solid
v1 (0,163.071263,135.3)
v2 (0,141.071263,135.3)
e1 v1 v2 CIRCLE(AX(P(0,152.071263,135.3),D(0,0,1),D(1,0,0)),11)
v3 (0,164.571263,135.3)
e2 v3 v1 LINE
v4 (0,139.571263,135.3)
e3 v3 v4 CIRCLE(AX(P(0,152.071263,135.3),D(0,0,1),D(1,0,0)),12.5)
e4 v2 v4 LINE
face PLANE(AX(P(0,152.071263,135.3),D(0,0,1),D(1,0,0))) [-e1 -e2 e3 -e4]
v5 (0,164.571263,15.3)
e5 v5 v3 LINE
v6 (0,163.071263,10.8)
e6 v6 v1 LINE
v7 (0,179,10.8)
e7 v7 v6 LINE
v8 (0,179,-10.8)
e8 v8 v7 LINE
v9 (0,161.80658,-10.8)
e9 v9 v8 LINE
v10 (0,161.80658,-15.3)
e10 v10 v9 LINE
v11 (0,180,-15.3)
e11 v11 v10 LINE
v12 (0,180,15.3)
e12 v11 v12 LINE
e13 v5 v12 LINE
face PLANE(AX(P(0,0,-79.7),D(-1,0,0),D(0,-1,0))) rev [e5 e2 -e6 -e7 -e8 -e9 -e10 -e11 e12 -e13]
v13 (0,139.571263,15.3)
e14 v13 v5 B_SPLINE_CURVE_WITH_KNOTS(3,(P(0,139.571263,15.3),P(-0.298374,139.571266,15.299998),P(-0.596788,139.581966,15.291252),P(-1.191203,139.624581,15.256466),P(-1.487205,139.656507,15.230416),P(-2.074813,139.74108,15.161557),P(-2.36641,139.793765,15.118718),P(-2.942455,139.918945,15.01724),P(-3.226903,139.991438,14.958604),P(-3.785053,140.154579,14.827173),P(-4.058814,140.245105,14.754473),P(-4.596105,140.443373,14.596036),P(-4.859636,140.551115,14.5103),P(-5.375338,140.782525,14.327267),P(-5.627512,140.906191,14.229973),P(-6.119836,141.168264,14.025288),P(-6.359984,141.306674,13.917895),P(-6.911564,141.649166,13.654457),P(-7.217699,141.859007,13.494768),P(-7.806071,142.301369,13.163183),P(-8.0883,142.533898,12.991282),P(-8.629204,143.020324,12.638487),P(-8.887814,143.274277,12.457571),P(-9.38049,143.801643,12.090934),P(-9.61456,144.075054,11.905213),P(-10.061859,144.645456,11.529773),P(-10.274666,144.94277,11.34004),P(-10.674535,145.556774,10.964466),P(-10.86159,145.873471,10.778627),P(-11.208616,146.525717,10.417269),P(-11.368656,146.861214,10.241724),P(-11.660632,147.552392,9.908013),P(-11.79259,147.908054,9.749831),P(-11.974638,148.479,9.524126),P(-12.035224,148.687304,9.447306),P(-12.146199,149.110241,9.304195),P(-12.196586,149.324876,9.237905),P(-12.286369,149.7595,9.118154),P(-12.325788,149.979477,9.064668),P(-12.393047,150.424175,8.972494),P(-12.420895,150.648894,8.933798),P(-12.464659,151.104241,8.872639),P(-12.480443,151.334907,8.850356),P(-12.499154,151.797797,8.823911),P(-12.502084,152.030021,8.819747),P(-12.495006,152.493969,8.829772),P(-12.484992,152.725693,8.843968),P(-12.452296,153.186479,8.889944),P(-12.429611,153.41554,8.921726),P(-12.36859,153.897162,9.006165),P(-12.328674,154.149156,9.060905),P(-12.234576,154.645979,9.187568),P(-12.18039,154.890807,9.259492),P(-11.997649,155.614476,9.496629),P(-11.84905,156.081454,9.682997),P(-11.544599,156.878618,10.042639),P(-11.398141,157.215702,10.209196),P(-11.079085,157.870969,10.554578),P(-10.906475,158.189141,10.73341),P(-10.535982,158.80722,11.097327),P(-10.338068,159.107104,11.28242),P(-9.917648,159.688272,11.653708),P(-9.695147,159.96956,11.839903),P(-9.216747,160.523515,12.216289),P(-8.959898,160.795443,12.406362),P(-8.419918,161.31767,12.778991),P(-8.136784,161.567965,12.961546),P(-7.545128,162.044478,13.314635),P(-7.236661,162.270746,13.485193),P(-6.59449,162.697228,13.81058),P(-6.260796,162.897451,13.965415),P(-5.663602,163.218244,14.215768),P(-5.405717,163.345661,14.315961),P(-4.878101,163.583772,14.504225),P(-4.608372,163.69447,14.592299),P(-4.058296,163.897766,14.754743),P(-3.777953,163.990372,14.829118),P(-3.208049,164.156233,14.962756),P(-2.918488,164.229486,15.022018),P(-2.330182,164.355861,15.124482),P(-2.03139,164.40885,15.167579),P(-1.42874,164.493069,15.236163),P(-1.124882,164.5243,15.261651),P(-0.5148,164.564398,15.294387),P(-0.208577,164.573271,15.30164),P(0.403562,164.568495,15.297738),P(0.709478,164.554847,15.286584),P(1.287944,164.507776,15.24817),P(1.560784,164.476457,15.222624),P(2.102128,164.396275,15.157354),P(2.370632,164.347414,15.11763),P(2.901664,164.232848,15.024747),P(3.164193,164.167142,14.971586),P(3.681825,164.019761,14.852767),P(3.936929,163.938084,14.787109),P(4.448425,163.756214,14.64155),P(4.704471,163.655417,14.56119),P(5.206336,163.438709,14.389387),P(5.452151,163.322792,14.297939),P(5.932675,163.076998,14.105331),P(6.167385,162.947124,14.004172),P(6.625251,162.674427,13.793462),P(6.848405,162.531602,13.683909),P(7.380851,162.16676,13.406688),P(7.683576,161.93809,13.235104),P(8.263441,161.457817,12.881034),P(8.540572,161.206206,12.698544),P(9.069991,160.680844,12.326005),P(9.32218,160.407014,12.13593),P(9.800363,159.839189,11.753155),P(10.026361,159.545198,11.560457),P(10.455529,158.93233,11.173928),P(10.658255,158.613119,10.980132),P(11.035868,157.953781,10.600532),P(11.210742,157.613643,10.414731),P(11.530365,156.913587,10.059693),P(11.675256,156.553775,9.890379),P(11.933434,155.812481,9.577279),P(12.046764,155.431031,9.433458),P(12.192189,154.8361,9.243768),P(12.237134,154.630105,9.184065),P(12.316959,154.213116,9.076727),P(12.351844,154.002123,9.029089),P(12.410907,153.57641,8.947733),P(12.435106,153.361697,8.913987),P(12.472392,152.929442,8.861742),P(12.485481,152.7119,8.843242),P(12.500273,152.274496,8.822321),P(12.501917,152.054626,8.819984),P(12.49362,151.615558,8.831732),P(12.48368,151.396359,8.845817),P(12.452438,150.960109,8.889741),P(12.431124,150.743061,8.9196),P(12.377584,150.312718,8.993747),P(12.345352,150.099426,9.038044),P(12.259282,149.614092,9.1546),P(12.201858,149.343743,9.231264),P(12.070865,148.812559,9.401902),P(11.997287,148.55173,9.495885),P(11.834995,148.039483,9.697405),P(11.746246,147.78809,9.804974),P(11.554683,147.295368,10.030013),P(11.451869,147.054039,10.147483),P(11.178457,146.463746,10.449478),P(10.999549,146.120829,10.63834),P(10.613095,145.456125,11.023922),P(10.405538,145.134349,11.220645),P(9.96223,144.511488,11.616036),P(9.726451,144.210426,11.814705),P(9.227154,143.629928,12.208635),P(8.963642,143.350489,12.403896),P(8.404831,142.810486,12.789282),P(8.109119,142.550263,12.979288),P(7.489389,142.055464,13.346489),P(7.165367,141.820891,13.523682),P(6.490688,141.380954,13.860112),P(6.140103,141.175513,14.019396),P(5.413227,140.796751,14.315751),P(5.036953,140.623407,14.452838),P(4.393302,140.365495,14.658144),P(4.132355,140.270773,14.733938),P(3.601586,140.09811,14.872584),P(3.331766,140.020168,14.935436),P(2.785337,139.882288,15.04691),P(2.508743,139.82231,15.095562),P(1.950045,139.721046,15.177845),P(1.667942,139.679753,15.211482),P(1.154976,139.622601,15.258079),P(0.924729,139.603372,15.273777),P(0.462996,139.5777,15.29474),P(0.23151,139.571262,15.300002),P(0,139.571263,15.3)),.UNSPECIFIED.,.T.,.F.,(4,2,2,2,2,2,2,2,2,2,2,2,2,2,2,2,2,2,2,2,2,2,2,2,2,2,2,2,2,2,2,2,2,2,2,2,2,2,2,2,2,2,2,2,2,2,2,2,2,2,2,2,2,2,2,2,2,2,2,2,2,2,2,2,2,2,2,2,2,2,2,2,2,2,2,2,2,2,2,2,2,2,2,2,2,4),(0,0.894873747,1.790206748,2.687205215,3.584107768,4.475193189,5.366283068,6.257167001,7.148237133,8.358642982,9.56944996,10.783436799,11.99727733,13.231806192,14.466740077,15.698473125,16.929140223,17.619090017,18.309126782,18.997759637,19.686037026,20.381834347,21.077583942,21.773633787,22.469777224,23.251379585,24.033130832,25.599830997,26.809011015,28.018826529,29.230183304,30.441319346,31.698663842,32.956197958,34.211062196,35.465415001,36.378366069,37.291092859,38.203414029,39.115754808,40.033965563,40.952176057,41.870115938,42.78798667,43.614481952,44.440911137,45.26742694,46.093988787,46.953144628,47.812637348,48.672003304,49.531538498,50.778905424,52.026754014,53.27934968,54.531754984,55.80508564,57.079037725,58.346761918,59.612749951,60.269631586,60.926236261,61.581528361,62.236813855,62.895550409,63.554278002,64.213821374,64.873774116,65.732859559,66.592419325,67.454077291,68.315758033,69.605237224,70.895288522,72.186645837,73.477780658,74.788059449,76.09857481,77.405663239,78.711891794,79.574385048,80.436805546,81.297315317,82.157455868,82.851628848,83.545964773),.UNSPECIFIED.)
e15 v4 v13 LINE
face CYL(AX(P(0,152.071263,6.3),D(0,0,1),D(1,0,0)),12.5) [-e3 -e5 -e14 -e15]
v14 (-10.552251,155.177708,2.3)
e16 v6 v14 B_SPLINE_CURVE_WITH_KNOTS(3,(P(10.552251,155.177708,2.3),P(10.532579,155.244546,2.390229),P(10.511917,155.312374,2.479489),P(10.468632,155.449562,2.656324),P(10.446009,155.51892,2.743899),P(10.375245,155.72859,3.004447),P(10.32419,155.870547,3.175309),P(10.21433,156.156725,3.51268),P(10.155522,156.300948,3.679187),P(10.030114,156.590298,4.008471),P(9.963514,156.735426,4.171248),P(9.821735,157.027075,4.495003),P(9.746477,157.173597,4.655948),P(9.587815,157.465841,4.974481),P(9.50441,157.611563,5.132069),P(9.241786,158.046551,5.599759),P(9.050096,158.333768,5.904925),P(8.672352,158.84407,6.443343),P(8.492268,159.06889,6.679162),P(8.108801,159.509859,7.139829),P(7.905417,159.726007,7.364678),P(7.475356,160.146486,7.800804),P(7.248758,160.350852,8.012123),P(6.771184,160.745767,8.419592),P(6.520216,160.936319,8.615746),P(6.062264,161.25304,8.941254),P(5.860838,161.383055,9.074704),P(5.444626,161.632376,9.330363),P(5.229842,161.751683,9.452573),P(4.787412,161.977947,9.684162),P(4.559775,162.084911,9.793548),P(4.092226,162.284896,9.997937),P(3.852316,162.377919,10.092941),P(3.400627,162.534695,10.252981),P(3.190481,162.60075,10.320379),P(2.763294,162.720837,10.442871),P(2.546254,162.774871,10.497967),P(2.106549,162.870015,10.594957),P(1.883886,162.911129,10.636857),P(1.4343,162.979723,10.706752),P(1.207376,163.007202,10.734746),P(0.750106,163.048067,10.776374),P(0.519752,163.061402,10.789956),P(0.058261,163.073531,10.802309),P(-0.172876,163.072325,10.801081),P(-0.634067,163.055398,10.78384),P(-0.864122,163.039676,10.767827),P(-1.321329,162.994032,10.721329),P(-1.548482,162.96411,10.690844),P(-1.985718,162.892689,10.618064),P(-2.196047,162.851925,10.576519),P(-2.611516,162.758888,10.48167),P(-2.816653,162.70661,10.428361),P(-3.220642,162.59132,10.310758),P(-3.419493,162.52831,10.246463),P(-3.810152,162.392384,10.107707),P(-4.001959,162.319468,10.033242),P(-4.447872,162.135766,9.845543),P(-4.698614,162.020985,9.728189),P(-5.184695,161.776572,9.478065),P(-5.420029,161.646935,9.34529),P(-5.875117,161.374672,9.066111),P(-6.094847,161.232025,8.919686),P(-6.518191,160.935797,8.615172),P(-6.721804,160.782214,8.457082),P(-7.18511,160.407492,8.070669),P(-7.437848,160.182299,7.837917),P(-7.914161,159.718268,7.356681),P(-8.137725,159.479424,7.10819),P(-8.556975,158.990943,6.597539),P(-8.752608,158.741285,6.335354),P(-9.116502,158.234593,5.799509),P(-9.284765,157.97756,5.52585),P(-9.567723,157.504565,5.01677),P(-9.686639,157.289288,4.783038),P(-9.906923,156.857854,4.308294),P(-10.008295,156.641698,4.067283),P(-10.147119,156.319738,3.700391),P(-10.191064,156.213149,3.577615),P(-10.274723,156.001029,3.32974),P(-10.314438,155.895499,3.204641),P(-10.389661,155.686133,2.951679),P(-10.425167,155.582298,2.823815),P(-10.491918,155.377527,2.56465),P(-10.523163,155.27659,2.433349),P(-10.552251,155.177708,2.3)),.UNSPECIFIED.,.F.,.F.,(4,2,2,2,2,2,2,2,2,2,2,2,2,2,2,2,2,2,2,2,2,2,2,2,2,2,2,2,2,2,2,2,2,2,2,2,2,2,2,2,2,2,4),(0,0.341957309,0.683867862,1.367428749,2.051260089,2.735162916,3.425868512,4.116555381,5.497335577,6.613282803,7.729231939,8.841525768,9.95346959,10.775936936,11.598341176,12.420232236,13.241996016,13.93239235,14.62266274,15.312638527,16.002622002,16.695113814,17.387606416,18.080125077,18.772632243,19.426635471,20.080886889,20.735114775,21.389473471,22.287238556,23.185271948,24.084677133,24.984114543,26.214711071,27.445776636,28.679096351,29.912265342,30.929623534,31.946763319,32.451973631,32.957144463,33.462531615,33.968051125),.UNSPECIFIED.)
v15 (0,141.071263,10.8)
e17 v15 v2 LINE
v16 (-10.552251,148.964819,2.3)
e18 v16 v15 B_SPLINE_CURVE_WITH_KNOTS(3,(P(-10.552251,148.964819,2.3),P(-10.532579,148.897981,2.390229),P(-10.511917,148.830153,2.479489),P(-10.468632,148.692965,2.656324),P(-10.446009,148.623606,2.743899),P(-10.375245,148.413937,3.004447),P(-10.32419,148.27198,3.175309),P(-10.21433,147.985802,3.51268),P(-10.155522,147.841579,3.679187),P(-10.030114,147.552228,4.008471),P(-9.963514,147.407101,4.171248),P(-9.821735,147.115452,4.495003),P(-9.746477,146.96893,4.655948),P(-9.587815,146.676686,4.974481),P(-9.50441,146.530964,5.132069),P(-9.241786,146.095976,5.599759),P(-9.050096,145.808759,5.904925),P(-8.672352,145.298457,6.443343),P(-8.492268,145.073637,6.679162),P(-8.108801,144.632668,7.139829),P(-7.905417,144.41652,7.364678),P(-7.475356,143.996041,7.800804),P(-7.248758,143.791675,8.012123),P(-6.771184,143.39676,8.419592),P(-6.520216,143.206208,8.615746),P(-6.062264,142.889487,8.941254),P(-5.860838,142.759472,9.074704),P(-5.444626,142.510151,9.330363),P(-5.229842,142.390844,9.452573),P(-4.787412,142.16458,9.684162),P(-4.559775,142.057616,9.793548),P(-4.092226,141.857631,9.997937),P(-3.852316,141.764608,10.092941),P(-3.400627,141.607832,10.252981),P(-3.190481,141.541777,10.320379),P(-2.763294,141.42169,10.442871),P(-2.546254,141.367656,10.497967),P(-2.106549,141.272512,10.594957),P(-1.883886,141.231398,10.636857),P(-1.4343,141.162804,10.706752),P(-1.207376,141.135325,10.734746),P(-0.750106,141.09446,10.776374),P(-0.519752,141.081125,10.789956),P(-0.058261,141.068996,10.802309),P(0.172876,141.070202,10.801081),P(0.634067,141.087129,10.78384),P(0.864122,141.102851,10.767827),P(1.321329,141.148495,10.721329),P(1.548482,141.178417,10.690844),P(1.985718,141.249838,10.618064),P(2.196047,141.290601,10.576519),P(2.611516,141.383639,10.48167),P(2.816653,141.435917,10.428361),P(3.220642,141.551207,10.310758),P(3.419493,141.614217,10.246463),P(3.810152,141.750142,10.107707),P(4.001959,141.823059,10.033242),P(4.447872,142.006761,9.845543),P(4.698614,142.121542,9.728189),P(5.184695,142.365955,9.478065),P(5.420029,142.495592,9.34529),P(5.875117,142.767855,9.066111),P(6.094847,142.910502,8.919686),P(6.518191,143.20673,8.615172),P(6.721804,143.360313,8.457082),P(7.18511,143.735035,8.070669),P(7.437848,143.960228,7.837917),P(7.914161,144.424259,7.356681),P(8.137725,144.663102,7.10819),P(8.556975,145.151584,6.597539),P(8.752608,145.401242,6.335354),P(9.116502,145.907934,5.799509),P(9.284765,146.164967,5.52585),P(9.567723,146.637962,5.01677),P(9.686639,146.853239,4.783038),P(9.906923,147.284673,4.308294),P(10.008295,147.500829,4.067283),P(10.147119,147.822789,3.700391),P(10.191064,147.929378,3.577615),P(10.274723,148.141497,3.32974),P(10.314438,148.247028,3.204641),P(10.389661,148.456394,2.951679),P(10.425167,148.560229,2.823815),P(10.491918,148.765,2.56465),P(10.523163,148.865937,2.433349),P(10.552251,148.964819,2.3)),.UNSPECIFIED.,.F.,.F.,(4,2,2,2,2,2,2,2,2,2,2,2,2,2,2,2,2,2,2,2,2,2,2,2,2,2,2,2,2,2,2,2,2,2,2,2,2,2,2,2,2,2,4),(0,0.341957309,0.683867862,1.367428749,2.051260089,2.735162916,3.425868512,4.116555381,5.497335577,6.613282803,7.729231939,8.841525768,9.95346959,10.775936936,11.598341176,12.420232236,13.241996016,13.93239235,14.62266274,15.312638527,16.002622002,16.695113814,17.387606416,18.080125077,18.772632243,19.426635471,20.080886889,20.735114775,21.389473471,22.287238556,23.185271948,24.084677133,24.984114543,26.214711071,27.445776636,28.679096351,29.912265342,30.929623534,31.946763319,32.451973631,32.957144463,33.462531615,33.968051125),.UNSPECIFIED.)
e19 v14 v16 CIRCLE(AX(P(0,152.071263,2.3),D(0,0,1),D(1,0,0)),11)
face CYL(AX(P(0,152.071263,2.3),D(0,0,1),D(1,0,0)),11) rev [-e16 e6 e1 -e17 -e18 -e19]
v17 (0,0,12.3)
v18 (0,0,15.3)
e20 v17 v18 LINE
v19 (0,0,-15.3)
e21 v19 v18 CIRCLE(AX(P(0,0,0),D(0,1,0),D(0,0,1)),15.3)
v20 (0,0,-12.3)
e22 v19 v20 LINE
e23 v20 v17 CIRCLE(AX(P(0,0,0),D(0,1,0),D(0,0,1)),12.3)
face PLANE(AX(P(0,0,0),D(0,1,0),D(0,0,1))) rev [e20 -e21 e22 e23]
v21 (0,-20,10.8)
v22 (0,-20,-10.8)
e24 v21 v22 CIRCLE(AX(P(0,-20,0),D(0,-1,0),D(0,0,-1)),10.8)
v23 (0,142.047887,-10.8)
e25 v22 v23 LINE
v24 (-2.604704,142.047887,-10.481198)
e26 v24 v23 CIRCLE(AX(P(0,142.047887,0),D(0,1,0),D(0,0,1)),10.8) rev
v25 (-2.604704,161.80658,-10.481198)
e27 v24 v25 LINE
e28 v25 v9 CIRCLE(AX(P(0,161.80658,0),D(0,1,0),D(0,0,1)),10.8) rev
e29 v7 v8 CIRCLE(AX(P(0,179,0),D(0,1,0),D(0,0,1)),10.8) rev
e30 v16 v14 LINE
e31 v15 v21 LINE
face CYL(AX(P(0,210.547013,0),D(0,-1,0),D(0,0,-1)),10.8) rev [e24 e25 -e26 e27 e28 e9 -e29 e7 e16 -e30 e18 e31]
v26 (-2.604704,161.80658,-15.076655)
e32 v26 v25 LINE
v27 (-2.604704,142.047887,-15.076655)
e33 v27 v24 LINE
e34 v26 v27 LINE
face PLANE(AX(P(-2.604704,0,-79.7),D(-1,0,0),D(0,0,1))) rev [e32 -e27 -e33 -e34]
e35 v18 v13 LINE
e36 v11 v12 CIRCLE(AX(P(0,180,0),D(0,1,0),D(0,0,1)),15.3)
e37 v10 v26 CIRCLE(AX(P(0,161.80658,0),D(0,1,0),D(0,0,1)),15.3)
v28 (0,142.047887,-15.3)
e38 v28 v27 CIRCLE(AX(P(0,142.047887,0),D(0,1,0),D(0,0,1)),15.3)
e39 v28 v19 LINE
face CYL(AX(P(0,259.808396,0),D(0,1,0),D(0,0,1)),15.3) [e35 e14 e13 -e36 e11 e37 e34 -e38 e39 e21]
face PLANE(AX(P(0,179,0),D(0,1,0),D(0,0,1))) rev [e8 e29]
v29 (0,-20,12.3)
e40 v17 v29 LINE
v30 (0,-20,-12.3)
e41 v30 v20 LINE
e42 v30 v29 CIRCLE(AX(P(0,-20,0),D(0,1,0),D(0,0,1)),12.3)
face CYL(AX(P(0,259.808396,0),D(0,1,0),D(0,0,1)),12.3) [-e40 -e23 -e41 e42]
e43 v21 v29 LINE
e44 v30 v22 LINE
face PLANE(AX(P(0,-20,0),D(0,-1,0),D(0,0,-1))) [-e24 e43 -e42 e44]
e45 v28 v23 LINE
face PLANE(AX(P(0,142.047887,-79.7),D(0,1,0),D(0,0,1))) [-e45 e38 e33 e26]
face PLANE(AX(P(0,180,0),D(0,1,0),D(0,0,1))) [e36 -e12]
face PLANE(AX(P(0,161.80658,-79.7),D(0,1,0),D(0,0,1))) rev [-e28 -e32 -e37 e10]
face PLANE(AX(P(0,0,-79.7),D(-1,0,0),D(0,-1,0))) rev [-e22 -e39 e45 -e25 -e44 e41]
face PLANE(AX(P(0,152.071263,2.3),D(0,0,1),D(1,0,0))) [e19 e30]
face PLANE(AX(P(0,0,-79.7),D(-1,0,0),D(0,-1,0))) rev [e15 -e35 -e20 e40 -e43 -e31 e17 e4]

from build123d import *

# Parameters (mm, degrees)
SKETCH1_W                = 15.3
SKETCH1_H                = 180
SKETCH1_W_2              = 12.3
SKETCH1_H_2              = 20
BOSS_EXTRUDE1_DEPTH      = 120
BOSS_EXTRUDE1_DEPTH_BACK = 9
SKETCH4_R                = 12.5
BOSS_EXTRUDE2_START      = -25
SKETCH6_W                = 40
SKETCH6_H                = 18
SKETCH6_W_2              = 36
SKETCH6_H_2              = 14
BOSS_EXTRUDE2_DEPTH      = 10
SKETCH2_R                = 10.8
CUT_EXTRUDE1_DEPTH       = 199
SKETCH5_R                = 11
CUT_EXTRUDE2_DEPTH       = 133
SKETCH7_W                = 36
SKETCH7_H                = 14
CUT_EXTRUDE3_DEPTH       = 15
BOSS_EXTRUDE3_START      = -11
SKETCH8_W                = 5.5
SKETCH8_H                = 22
BOSS_EXTRUDE3_DEPTH      = 6
SKETCH9_R                = 1.75
BOSS_EXTRUDE4_DEPTH      = 2
SKETCH10_W               = 36
SKETCH10_H               = 14
SKETCH10_R               = 4
BOSS_EXTRUDE5_DEPTH      = 1
CUT_EXTRUDE5_DEPTH       = 215


with BuildPart() as part:
    # Sketch1 → Revolve1 (revolve)
    with BuildSketch(Plane.XY, mode=Mode.PRIVATE) as revolve1_sk:
        with Locations((-7.65, 90)):
            Rectangle(SKETCH1_W, SKETCH1_H)
        with Locations((-6.15, -10)):
            Rectangle(SKETCH1_W_2, SKETCH1_H_2)
    revolve(revolve1_sk.sketch.rotate(Axis((0, 259.808396335, 0), (0, -1, 0)), 270), axis=Axis((0, 259.808396335, 0), (0, -1, 0)))

    # Sketch4 → Boss-Extrude1 (add, two sides: drawn at the far end of the back side and taken through both)
    with BuildSketch(Plane.XY.offset(15.3).offset(-BOSS_EXTRUDE1_DEPTH_BACK)):
        with Locations((0, 152.071263422)):
            Circle(SKETCH4_R)
    extrude(amount=BOSS_EXTRUDE1_DEPTH + BOSS_EXTRUDE1_DEPTH_BACK)

    # Sketch6 → Boss-Extrude2 (add)
    with BuildSketch(Plane.ZY.offset(12.5).offset(BOSS_EXTRUDE2_START)):
        with Locations((115.3, 152.071263422)):
            Rectangle(SKETCH6_W, SKETCH6_H)
        with Locations((115.3, 152.071263422)):
            Rectangle(SKETCH6_W_2, SKETCH6_H_2, mode=Mode.SUBTRACT)
    extrude(amount=BOSS_EXTRUDE2_DEPTH)

    # Sketch2 → Cut-Extrude1 (cut)
    with BuildSketch(Plane.XZ.offset(20)):
        with Locations(Location((0, 0, 0), (0, 0, 270))):
            Circle(SKETCH2_R)
    extrude(amount=-CUT_EXTRUDE1_DEPTH, mode=Mode.SUBTRACT)

    # Sketch5 → Cut-Extrude2 (cut)
    with BuildSketch(Plane.XY.offset(135.3)):
        with Locations((0, 152.071263422)):
            Circle(SKETCH5_R)
    extrude(amount=-CUT_EXTRUDE2_DEPTH, mode=Mode.SUBTRACT)

    # Sketch7 → Cut-Extrude3 (cut)
    with BuildSketch(Plane(origin=(12.5, 0, 0), x_dir=(0, 0, -1), z_dir=(1, 0, 0))):
        with Locations((-115.3, 152.071263422)):
            Rectangle(SKETCH7_W, SKETCH7_H)
    extrude(amount=-CUT_EXTRUDE3_DEPTH, mode=Mode.SUBTRACT)

    # Sketch8 → Boss-Extrude3 (add)
    with BuildSketch(Plane.XY.offset(97.3).offset(BOSS_EXTRUDE3_START)):
        with Locations((2.75, 152.071263422)):
            Rectangle(SKETCH8_W, SKETCH8_H)
        with BuildLine():
            ThreePointArc((8.485281374, 159.071263422), (7.105810702, 160.468135117), (5.5, 161.597542863))
            Line((5.5, 161.597542863), (5.5, 142.54498398))
            ThreePointArc((5.5, 142.54498398), (7.105810702, 143.674391726), (8.485281374, 145.071263422))
            ThreePointArc((8.485281374, 145.071263422), (11, 152.071263422), (8.485281374, 159.071263422))
        make_face()
    extrude(amount=-BOSS_EXTRUDE3_DEPTH)

    # Sketch9 → Boss-Extrude4 (add)
    with BuildSketch(Plane.ZY):
        with Locations((83.05, 159.671263422)):
            Circle(SKETCH9_R)
        with Locations(Location((83.05, 144.471263422, 0), (0, 0, 180))):
            Circle(SKETCH9_R)
    extrude(amount=BOSS_EXTRUDE4_DEPTH)

    # Sketch10 → Boss-Extrude5 (add)
    with BuildSketch(Plane(origin=(12.5, 0, 0), x_dir=(0, 0, -1), z_dir=(1, 0, 0))):
        with Locations((-115.3, 152.071263422)):
            Rectangle(SKETCH10_W, SKETCH10_H)
        with Locations((-127.3, 152.071263422)):
            Circle(SKETCH10_R, mode=Mode.SUBTRACT)
        with Locations((-115.3, 152.071263422)):
            Circle(SKETCH10_R, mode=Mode.SUBTRACT)
        with Locations((-103.3, 152.071263422)):
            Circle(SKETCH10_R, mode=Mode.SUBTRACT)
    extrude(amount=-BOSS_EXTRUDE5_DEPTH)

    # Sketch12 → Cut-Extrude5 (cut)
    with BuildSketch(Plane.XY.offset(135.3)):
        with BuildLine():
            Line((15.3, 180), (0, 180))
            Line((0, 180), (0, 164.571263422))
            ThreePointArc((0, 164.571263422), (4.677071733, 163.663286541), (8.674675786, 161.071263422))
            Line((8.674675786, 161.071263422), (12.5, 161.071263422))
            Line((12.5, 161.071263422), (12.5, 143.071263422))
            Line((12.5, 143.071263422), (8.674675786, 143.071263422))
            ThreePointArc((8.674675786, 143.071263422), (4.677071733, 140.479240302), (0, 139.571263422))
            Line((0, 139.571263422), (0, -20))
            Line((0, -20), (15.3, -20))
            Line((15.3, -20), (15.3, 180))
        make_face()
        with BuildLine():
            ThreePointArc((8.674675786, 161.071263422), (4.677071733, 163.663286541), (0, 164.571263422))
            Line((0, 164.571263422), (0, 163.071263422))
            ThreePointArc((0, 163.071263422), (7.778174593, 159.849438015), (11, 152.071263422))
            ThreePointArc((11, 152.071263422), (7.778174593, 144.293088829), (0, 141.071263422))
            Line((0, 141.071263422), (0, 139.571263422))
            ThreePointArc((0, 139.571263422), (4.677071733, 140.479240302), (8.674675786, 143.071263422))
            Line((8.674675786, 143.071263422), (12.5, 143.071263422))
            Line((12.5, 143.071263422), (12.5, 161.071263422))
            Line((12.5, 161.071263422), (8.674675786, 161.071263422))
        make_face()
        with BuildLine():
            ThreePointArc((11, 152.071263422), (7.778174593, 159.849438015), (0, 163.071263422))
            Line((0, 163.071263422), (0, 161.806579982))
            Line((0, 161.806579982), (-2.604703903, 161.806579982))
            Line((-2.604703903, 161.806579982), (-2.604703903, 142.047887239))
            Line((-2.604703903, 142.047887239), (0, 142.047887239))
            Line((0, 142.047887239), (0, 141.071263422))
            ThreePointArc((0, 141.071263422), (7.778174593, 144.293088829), (11, 152.071263422))
        make_face()
    extrude(amount=-CUT_EXTRUDE5_DEPTH, mode=Mode.SUBTRACT)


solid = part.part
